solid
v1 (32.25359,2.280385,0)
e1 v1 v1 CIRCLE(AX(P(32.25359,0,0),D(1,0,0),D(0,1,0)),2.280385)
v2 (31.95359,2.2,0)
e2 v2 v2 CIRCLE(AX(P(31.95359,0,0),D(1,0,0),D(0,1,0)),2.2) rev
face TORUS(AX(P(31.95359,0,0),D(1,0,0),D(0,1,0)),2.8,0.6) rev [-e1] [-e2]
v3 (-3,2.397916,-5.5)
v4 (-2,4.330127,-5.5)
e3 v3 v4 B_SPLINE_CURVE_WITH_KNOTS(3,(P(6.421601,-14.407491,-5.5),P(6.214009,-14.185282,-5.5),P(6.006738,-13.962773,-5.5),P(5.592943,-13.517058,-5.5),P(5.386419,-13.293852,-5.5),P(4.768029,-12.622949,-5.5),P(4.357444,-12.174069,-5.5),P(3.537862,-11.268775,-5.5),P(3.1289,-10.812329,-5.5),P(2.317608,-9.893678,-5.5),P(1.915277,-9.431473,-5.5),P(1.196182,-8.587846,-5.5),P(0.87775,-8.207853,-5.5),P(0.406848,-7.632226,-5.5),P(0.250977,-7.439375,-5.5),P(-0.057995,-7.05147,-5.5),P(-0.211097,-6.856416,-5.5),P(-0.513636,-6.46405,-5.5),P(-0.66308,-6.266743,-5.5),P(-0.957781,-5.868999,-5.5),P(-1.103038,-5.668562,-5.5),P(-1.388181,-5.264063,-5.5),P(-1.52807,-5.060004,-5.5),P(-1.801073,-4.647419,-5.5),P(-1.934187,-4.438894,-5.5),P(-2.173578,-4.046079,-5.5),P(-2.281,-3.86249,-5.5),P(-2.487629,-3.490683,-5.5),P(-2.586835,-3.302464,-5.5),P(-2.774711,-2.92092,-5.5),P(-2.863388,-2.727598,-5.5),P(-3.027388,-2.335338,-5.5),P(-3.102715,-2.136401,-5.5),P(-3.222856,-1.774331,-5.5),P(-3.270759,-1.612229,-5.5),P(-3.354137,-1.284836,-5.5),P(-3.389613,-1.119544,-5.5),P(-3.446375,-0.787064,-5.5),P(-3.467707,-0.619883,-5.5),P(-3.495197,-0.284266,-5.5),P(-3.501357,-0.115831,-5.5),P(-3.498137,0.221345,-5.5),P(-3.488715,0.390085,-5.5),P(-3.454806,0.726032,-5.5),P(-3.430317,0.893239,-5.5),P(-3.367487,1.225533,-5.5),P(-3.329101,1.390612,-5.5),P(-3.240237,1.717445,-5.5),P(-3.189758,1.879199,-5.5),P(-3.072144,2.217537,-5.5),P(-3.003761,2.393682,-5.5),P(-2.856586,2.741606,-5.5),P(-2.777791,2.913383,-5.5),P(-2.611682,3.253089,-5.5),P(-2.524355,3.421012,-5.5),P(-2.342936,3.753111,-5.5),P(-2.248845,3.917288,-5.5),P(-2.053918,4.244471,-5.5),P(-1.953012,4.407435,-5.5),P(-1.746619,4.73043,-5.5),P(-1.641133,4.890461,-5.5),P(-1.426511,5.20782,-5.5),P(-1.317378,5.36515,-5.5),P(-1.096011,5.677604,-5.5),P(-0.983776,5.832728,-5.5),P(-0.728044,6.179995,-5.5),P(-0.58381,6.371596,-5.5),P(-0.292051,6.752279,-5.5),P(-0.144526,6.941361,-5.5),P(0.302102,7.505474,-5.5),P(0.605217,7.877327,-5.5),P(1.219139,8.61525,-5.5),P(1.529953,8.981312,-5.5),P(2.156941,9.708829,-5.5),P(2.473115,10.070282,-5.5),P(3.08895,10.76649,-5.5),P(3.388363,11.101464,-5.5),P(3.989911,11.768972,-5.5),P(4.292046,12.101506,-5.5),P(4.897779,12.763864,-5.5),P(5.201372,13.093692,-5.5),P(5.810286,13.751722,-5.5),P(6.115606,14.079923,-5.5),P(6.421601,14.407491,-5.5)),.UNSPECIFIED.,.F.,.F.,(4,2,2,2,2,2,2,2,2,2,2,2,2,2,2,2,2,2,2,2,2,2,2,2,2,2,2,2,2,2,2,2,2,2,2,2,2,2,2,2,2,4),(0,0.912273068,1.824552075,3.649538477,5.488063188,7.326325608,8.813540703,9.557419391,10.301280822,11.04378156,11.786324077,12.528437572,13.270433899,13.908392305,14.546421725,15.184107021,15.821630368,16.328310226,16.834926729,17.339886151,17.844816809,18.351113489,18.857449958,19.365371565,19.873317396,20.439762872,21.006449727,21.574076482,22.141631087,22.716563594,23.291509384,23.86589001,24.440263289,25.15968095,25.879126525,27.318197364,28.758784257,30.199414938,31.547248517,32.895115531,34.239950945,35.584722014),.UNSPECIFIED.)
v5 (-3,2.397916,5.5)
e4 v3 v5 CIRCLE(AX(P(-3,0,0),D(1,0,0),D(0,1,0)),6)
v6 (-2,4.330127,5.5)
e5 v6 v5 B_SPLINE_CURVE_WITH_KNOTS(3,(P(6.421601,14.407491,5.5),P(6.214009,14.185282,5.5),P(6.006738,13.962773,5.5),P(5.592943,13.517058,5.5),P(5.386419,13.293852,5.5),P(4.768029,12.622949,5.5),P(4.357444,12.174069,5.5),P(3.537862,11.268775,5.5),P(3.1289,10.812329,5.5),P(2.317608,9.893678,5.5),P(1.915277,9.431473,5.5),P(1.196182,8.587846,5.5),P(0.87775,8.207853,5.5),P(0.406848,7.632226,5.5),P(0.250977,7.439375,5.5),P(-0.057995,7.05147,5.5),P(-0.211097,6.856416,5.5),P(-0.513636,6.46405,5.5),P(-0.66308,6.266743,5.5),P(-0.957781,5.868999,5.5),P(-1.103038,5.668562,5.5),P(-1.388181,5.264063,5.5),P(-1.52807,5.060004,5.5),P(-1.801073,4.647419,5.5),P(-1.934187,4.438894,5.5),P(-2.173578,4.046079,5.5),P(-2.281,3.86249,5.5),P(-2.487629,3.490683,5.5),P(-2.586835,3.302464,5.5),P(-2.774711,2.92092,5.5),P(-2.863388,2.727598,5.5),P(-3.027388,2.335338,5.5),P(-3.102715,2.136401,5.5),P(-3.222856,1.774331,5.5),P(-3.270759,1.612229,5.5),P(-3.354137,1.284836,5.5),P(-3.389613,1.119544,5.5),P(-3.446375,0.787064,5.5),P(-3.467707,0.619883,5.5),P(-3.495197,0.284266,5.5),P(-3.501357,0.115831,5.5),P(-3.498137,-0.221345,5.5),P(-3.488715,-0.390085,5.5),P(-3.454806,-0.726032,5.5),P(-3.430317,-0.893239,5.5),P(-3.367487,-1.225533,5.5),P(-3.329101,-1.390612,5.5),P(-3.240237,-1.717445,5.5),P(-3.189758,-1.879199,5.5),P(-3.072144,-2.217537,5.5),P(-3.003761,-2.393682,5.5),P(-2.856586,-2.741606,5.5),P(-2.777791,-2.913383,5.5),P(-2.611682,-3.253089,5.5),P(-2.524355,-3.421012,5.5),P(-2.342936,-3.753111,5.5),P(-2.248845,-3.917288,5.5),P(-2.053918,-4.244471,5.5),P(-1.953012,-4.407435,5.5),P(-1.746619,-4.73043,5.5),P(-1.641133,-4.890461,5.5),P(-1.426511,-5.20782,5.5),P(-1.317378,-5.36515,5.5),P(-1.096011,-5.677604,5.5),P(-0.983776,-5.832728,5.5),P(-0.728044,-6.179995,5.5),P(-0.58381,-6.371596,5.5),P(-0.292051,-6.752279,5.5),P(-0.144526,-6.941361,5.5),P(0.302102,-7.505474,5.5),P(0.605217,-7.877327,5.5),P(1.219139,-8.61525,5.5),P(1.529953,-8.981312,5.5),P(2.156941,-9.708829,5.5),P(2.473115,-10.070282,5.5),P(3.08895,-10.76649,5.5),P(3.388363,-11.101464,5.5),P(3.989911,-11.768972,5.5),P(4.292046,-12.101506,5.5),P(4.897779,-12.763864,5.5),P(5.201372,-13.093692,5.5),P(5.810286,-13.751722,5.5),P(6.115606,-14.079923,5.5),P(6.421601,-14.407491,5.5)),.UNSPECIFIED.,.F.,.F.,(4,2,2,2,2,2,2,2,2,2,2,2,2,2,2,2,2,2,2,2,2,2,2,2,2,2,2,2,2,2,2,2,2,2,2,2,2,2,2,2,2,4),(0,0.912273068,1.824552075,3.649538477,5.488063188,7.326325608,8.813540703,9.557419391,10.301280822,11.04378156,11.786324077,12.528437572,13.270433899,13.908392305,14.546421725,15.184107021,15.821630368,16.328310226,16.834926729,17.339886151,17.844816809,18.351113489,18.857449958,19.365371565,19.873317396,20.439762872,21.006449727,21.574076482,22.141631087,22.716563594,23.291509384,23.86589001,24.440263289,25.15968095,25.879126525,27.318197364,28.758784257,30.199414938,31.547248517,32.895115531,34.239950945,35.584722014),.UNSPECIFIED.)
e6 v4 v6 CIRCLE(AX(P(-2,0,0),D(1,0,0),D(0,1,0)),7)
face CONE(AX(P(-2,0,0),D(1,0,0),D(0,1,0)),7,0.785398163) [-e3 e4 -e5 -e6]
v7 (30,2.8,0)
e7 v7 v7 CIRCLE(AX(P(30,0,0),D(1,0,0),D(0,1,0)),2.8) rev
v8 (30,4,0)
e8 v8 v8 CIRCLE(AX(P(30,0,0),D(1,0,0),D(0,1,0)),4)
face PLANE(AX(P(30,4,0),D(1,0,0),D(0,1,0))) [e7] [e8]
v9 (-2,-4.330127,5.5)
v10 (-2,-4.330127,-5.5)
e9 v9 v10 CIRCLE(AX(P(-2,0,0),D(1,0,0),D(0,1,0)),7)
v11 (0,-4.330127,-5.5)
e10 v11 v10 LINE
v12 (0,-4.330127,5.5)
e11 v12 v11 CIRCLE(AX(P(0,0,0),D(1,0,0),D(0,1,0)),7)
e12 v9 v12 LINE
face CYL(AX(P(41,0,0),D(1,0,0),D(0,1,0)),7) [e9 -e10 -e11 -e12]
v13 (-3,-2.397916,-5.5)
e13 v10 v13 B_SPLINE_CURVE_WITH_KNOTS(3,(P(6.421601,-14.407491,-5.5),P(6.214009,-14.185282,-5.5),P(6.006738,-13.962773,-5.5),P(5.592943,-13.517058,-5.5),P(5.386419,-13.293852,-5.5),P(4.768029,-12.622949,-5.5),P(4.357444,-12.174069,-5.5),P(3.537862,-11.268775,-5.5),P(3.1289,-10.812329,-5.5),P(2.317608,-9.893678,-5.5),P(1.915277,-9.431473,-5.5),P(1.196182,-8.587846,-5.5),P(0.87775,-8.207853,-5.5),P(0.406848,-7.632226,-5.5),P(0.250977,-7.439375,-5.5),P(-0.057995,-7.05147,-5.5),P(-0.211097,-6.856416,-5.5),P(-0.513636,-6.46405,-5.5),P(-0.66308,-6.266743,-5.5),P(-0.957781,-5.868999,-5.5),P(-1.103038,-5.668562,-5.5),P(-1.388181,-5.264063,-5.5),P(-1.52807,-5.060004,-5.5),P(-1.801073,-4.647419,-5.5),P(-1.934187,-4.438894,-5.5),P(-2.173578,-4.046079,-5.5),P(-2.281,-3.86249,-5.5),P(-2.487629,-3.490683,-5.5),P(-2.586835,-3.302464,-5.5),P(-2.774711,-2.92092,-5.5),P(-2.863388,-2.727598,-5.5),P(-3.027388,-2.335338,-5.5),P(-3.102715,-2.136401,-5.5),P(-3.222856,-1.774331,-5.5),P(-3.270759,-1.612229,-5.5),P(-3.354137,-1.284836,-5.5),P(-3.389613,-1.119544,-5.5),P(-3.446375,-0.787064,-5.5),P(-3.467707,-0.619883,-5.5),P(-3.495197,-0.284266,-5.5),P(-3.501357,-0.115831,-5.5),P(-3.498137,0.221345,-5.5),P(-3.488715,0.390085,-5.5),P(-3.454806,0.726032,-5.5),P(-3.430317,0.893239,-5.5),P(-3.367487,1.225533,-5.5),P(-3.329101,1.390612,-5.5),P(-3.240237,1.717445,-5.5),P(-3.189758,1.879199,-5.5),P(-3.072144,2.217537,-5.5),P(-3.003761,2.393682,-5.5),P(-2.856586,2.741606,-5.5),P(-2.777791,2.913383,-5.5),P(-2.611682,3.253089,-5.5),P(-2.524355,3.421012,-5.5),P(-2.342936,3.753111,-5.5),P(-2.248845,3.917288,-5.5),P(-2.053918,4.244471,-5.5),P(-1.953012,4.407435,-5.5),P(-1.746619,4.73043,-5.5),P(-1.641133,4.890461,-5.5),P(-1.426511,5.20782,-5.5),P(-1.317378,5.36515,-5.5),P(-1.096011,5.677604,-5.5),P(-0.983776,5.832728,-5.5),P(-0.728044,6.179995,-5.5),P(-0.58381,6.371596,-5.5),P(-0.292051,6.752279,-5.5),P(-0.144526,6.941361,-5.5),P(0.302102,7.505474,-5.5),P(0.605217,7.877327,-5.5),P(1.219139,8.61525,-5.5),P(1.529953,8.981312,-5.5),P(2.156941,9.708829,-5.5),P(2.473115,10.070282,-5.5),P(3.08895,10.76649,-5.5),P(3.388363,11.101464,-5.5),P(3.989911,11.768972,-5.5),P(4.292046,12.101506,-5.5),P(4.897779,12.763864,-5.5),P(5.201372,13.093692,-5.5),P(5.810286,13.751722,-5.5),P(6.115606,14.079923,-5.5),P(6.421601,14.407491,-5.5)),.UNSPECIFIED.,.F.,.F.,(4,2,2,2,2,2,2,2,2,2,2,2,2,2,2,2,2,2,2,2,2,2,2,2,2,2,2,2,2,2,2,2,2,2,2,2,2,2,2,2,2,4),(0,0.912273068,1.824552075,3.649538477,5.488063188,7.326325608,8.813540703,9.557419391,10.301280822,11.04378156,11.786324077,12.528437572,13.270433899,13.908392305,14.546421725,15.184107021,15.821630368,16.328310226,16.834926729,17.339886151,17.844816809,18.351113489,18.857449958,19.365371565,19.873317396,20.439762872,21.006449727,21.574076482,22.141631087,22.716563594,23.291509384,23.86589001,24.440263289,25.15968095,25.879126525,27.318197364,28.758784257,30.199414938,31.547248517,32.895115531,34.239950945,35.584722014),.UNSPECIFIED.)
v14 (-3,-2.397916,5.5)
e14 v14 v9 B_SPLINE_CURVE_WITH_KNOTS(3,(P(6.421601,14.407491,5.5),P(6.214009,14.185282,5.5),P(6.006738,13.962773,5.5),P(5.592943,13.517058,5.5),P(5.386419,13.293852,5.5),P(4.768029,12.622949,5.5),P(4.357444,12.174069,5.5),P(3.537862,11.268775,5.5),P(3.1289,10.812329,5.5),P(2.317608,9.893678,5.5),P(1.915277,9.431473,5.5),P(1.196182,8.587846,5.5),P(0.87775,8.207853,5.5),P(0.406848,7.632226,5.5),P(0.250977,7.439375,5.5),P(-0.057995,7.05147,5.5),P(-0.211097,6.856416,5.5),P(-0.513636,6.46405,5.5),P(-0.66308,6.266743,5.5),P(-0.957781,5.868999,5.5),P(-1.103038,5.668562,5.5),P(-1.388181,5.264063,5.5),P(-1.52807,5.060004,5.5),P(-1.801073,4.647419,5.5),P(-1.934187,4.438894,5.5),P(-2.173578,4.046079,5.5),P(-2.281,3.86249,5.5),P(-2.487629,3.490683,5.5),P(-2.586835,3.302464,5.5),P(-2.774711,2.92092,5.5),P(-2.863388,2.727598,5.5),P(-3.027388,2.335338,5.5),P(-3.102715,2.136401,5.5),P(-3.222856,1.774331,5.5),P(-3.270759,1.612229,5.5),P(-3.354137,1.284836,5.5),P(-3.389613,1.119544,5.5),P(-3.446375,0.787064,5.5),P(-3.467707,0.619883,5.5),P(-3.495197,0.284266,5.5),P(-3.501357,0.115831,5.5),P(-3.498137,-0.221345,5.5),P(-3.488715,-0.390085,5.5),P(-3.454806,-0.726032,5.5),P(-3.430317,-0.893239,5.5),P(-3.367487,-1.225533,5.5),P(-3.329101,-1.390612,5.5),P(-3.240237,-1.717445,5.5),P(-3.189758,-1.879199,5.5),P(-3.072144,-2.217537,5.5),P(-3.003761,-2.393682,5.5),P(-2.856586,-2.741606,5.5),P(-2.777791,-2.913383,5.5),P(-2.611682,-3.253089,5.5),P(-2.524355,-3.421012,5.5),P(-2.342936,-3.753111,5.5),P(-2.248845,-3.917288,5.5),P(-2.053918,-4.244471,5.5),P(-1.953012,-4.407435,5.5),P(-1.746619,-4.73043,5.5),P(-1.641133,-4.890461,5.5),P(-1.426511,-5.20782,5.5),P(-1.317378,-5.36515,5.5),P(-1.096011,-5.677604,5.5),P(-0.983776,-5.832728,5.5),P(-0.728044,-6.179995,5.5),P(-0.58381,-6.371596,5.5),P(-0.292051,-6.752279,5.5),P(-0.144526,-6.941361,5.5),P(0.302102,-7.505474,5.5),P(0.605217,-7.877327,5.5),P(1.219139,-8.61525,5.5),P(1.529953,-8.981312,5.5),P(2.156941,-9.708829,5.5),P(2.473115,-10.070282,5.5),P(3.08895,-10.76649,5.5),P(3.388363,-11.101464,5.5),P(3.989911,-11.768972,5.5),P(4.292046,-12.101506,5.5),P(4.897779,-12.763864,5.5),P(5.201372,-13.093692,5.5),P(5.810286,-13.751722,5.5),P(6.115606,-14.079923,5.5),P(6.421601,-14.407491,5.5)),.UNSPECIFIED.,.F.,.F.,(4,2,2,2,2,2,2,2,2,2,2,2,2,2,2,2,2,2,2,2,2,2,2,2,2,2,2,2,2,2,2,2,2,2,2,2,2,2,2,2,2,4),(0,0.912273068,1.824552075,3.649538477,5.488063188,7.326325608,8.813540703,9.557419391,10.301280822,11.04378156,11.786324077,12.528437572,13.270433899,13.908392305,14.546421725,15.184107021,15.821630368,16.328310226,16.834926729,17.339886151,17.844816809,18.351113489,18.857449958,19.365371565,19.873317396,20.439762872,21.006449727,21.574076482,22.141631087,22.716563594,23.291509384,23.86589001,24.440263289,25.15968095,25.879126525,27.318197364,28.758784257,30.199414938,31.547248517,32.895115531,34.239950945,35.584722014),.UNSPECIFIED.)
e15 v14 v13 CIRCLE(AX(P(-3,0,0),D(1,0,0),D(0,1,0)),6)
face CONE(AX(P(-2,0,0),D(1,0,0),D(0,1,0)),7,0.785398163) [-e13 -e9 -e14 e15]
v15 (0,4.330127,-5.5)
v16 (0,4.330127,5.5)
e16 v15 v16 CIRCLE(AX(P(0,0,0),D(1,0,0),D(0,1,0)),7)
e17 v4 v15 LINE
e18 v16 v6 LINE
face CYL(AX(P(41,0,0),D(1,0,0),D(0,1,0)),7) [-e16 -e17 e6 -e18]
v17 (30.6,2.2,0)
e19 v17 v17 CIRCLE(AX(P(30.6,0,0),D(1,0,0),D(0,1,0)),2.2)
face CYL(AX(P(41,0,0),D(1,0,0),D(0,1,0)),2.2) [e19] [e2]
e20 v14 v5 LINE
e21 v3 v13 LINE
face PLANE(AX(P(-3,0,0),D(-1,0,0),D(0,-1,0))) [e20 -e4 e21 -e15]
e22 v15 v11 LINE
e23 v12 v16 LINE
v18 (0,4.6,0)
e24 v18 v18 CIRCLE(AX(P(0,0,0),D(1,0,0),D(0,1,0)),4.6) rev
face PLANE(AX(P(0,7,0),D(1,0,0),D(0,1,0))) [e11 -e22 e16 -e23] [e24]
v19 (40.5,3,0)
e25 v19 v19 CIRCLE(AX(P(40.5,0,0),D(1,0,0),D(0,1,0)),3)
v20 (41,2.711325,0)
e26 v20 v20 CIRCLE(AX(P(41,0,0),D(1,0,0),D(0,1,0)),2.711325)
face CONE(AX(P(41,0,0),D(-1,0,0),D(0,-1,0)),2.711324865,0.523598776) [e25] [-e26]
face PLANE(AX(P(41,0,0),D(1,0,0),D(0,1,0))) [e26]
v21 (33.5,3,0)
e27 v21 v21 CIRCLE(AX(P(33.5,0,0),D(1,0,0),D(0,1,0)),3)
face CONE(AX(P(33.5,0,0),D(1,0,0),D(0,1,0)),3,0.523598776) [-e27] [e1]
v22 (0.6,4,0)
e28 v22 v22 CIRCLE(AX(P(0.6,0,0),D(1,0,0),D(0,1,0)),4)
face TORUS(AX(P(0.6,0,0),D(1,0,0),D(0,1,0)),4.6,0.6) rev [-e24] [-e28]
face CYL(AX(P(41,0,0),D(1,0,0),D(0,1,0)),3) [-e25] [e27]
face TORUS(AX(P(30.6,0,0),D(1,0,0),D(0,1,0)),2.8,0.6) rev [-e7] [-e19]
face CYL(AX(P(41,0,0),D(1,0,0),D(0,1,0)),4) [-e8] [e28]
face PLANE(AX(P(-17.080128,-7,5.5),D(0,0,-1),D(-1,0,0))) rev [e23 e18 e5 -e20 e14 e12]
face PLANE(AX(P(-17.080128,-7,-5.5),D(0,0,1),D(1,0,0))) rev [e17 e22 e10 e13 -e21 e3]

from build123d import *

# Parameters (mm, degrees)
SKIZZE3_W                       = 1.5
SKIZZE3_H                       = 14
SCHNITT_LINEAR_AUSTRAGEN2_DEPTH = 3
VERRUNDUNG1_R                   = 0.6
VERRUNDUNG3_R                   = 0.6


with BuildPart() as part:
    # Skizze1 → Rotation1 (revolve)
    with BuildSketch(Plane.XY):
        Polygon((-3, 0), (-3, 6), (-2, 7), (0, 7), (0, 4), (30, 4), (30, 2.2), (32.114359354, 2.2), (33.5, 3), (40.5, 3), (41, 2.711324865), (41, 0), align=None)
    revolve(axis=Axis((41, 0, 0), (-1, 0, 0)))

    # Skizze3 → Schnitt-Linear austragen2 (cut)
    with BuildSketch(Plane(origin=(0, 0, 0), x_dir=(0, 0, -1), z_dir=(1, 0, 0))):
        with Locations((-6.25, 0)):
            Rectangle(SKIZZE3_W, SKIZZE3_H)
        with Locations((6.25, 0)):
            Rectangle(SKIZZE3_W, SKIZZE3_H)
    extrude(amount=-SCHNITT_LINEAR_AUSTRAGEN2_DEPTH, mode=Mode.SUBTRACT)

    # Verrundung1
    verrundung1_edges = [part.edges().sort_by_distance(p)[0] for p in [
        (0, -4, 0),
    ]]
    fillet(verrundung1_edges, radius=VERRUNDUNG1_R)

    # Verrundung3
    verrundung3_edges = [part.edges().sort_by_distance(p)[0] for p in [
        (32.114359354, -2.2, 0),
        (30, -2.2, 0),
    ]]
    fillet(verrundung3_edges, radius=VERRUNDUNG3_R)


solid = part.part
